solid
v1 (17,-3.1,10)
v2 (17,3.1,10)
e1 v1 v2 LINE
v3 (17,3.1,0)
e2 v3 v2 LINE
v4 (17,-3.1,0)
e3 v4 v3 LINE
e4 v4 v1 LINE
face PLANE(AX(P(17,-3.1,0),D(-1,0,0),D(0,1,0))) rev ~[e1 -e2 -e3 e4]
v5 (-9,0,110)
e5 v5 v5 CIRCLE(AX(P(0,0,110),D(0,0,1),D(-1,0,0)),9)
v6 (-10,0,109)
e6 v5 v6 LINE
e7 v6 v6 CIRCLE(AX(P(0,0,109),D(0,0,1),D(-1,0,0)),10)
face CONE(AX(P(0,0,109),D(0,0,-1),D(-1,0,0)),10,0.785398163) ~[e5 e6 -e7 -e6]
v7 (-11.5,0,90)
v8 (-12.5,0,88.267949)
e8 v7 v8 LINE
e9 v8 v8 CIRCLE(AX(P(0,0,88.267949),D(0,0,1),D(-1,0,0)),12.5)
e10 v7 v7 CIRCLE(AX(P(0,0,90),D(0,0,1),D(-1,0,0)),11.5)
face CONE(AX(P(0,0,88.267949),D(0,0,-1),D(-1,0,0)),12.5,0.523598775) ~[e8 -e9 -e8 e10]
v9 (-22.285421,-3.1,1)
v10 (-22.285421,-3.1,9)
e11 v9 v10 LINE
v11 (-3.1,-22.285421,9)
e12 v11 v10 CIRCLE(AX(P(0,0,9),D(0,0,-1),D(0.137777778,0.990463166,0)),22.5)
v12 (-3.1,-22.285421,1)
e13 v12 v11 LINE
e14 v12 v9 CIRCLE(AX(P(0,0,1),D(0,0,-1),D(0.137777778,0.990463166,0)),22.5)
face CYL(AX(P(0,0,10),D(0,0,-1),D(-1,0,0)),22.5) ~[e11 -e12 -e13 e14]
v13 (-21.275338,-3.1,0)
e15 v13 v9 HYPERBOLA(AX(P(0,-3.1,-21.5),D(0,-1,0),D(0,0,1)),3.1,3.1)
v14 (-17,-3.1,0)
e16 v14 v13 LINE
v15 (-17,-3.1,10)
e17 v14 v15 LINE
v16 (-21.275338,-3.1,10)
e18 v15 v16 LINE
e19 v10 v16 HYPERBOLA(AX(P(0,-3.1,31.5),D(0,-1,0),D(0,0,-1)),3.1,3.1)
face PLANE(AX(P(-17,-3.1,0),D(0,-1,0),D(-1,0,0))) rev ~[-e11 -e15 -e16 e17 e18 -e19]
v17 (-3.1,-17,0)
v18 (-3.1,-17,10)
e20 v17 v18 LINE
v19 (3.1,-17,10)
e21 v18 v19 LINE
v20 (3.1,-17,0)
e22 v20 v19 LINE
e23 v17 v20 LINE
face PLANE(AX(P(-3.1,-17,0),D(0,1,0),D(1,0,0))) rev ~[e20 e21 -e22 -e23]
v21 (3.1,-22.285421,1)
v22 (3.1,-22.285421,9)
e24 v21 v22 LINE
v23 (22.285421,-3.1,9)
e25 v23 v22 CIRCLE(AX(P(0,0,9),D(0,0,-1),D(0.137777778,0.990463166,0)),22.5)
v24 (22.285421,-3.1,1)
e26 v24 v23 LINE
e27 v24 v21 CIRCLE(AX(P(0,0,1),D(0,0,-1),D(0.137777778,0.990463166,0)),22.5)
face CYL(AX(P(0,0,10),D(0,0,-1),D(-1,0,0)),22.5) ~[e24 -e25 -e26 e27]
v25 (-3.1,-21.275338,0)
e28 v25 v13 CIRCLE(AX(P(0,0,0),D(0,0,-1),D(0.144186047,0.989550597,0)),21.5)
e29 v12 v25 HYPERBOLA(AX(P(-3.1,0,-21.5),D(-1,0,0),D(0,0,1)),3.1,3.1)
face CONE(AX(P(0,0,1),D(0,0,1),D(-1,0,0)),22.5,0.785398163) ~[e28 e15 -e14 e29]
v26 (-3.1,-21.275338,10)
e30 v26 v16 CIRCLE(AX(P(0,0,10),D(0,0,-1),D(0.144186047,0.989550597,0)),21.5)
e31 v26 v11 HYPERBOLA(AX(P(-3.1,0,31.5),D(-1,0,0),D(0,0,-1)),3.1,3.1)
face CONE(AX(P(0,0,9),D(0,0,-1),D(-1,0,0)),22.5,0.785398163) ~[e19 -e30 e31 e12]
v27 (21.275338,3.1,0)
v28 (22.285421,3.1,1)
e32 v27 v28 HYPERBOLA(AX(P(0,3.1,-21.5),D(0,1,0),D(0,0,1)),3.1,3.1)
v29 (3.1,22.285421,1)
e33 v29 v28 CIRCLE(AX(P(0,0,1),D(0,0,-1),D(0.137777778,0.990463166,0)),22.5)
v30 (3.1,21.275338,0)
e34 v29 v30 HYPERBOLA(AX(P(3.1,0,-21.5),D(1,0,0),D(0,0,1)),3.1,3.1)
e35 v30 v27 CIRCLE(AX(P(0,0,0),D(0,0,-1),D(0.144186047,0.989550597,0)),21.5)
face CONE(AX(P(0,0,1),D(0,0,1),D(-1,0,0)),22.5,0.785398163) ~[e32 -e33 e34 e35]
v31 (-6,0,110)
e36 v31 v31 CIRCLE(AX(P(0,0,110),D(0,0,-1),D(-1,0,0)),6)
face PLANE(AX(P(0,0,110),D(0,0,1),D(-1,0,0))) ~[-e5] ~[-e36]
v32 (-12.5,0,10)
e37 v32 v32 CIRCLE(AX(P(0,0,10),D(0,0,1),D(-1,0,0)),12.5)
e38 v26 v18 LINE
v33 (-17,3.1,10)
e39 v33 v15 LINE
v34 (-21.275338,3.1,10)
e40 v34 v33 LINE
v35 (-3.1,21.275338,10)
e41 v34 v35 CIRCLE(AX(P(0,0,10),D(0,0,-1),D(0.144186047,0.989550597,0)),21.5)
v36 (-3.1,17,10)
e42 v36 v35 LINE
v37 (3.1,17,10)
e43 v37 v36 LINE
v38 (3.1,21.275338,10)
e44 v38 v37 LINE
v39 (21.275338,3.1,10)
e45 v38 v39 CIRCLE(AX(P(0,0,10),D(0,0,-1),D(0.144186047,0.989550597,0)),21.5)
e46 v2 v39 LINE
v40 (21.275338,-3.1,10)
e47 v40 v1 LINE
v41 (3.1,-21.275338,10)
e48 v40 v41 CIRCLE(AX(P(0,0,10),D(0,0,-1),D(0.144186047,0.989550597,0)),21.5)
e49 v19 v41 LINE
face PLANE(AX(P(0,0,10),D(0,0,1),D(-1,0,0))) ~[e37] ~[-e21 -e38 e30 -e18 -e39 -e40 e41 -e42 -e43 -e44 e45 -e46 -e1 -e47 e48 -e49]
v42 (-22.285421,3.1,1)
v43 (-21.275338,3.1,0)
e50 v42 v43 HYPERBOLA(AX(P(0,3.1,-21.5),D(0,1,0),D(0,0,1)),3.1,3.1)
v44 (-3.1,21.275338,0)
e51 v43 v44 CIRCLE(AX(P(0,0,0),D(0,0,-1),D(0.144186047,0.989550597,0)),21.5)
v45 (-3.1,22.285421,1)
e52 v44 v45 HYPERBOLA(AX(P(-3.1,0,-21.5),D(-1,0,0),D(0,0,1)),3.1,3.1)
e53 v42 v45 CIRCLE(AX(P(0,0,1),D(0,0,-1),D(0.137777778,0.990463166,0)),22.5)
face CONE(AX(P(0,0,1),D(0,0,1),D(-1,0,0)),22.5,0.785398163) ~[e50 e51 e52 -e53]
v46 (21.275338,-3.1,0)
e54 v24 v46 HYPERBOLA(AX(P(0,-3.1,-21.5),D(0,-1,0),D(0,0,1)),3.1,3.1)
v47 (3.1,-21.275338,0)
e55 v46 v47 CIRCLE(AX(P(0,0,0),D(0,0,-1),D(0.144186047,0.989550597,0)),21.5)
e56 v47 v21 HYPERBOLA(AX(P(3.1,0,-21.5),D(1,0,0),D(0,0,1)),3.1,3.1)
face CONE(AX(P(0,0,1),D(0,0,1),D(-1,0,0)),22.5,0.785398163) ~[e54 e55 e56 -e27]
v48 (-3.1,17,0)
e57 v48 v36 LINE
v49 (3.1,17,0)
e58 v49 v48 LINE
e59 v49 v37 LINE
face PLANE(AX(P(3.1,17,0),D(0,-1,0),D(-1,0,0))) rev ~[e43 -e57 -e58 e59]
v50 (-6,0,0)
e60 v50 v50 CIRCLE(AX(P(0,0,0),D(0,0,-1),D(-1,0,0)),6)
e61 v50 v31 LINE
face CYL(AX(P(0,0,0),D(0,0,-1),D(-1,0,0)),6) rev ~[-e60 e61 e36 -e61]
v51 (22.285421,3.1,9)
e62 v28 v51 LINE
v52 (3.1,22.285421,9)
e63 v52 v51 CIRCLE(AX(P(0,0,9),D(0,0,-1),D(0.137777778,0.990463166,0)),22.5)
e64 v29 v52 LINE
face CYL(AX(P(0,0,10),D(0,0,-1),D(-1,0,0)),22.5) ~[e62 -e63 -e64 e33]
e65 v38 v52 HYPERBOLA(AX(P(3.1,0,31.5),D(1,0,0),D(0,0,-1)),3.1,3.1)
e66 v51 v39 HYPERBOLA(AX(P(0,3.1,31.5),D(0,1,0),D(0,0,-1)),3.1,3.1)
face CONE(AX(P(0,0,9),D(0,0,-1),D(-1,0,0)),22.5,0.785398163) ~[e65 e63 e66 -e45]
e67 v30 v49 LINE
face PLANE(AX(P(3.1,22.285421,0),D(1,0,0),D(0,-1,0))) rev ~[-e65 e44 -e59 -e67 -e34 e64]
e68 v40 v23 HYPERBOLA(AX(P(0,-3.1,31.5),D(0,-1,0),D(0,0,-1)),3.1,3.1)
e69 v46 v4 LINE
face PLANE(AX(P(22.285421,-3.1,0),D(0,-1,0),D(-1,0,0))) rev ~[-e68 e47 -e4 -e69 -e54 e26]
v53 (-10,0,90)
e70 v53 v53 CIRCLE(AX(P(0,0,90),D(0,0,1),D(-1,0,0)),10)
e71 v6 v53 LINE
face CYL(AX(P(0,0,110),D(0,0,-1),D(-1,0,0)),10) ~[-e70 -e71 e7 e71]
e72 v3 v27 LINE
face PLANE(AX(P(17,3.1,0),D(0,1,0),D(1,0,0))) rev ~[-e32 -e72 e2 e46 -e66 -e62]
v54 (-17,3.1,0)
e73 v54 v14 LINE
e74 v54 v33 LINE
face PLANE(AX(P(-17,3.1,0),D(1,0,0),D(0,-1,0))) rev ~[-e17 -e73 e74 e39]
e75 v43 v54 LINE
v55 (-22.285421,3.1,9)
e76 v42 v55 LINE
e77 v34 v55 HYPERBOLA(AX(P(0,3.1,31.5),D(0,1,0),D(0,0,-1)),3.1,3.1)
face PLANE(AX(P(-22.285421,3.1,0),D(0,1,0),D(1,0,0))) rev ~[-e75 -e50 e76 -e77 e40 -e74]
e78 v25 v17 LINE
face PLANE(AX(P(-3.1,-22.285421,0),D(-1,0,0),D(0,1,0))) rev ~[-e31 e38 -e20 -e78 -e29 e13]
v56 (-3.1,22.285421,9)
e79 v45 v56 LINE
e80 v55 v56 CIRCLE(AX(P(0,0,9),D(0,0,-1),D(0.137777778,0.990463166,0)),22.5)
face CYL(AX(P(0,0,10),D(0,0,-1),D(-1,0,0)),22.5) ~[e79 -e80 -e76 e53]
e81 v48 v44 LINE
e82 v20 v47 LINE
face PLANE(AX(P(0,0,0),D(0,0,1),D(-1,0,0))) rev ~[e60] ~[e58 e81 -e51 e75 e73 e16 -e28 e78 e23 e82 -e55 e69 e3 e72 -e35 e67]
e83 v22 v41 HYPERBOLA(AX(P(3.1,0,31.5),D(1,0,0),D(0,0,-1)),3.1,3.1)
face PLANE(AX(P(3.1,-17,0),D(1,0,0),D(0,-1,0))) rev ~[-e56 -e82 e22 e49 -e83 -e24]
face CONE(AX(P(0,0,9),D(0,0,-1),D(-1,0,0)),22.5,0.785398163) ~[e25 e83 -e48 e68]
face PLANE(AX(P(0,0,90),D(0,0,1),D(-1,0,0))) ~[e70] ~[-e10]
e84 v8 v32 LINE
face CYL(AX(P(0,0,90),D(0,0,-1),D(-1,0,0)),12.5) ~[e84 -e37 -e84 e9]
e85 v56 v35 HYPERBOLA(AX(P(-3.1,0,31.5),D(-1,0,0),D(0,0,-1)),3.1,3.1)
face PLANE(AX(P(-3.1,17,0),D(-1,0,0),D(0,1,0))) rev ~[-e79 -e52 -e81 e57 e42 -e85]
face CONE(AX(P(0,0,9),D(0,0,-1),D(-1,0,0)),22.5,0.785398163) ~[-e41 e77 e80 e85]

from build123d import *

# Parameters (mm, degrees)
CHANFREIN1_SIZE              = 1
ESQUISSE3_R                  = 6
ENL_V_MAT_EXTRU_2_DEPTH      = 111
ENL_V_MAT_EXTRU_1_DEPTH      = 111
R_P_TITION_CIRCULAIRE1_COUNT = 4
CHANFREIN2_SIZE              = 1
CHANFREIN2_SIZE2             = 1.732050808


with BuildPart() as part:
    # Esquisse1 → Révolution1 (revolve)
    with BuildSketch(Plane(origin=(0, 0, 0), x_dir=(0, 0, -1), z_dir=(1, 0, 0)), mode=Mode.PRIVATE) as r_volution1_sk:
        Polygon((-110, 0), (-110, 10), (-90, 10), (-90, 12.5), (-10, 12.5), (-10, 22.5), (0, 22.5), (0, 0), align=None)
    revolve(r_volution1_sk.sketch.rotate(Axis((0, 0, 0), (0, 0, 1)), 90), axis=Axis((0, 0, 0), (0, 0, 1)))  # turned: the seam where the file's is

    # Chanfrein1
    chanfrein1_edges = [part.edges().sort_by_distance(p)[0] for p in [
        (22.5, 0, 0),
        (22.5, 0, 10),
        (10, 0, 110),
    ]]
    chamfer(chanfrein1_edges, length=CHANFREIN1_SIZE)

    # Esquisse3 → Enlèv. mat.-Extru.2 (cut, through all)
    with BuildSketch(Plane(origin=(0, 0, 0), x_dir=(-1, 0, 0), z_dir=(0, 0, -1))):
        Circle(ESQUISSE3_R)
    extrude(amount=-ENL_V_MAT_EXTRU_2_DEPTH, mode=Mode.SUBTRACT)

    # Esquisse2 → Enlèv. mat.-Extru.1 (cut, through all)
    with BuildSketch(Plane(origin=(0, 0, 0), x_dir=(-1, 0, 0), z_dir=(0, 0, -1))):
        with BuildLine():
            Line((-3.1, 22.285421243), (-3.1, 17))
            Line((-3.1, 17), (3.1, 17))
            Line((3.1, 17), (3.1, 22.285421243))
            ThreePointArc((3.1, 22.285421243), (0, 22.5), (-3.1, 22.285421243))
        make_face()
    enl_v_mat_extru_1 = extrude(amount=-ENL_V_MAT_EXTRU_1_DEPTH, mode=Mode.SUBTRACT)

    # Répétition circulaire1: Enlèv. mat.-Extru.1 ×4 about axis
    r_p_tition_circulaire1_axis = Axis((0, 0, 0), (0, 0, 1))
    for i in range(1, R_P_TITION_CIRCULAIRE1_COUNT):
        add(enl_v_mat_extru_1.rotate(r_p_tition_circulaire1_axis, i * 360 / R_P_TITION_CIRCULAIRE1_COUNT), mode=Mode.SUBTRACT)

    # Chanfrein2
    chanfrein2_edges = [part.edges().sort_by_distance(p)[0] for p in [
        (12.5, 0, 90),
    ]]
    chanfrein2_side = [part.faces().sort_by_distance(p)[0] for p in [
        (10.353553391, 0, 90),
    ]]
    chamfer(chanfrein2_edges, length=CHANFREIN2_SIZE, length2=CHANFREIN2_SIZE2, reference=chanfrein2_side[0])


solid = part.part
